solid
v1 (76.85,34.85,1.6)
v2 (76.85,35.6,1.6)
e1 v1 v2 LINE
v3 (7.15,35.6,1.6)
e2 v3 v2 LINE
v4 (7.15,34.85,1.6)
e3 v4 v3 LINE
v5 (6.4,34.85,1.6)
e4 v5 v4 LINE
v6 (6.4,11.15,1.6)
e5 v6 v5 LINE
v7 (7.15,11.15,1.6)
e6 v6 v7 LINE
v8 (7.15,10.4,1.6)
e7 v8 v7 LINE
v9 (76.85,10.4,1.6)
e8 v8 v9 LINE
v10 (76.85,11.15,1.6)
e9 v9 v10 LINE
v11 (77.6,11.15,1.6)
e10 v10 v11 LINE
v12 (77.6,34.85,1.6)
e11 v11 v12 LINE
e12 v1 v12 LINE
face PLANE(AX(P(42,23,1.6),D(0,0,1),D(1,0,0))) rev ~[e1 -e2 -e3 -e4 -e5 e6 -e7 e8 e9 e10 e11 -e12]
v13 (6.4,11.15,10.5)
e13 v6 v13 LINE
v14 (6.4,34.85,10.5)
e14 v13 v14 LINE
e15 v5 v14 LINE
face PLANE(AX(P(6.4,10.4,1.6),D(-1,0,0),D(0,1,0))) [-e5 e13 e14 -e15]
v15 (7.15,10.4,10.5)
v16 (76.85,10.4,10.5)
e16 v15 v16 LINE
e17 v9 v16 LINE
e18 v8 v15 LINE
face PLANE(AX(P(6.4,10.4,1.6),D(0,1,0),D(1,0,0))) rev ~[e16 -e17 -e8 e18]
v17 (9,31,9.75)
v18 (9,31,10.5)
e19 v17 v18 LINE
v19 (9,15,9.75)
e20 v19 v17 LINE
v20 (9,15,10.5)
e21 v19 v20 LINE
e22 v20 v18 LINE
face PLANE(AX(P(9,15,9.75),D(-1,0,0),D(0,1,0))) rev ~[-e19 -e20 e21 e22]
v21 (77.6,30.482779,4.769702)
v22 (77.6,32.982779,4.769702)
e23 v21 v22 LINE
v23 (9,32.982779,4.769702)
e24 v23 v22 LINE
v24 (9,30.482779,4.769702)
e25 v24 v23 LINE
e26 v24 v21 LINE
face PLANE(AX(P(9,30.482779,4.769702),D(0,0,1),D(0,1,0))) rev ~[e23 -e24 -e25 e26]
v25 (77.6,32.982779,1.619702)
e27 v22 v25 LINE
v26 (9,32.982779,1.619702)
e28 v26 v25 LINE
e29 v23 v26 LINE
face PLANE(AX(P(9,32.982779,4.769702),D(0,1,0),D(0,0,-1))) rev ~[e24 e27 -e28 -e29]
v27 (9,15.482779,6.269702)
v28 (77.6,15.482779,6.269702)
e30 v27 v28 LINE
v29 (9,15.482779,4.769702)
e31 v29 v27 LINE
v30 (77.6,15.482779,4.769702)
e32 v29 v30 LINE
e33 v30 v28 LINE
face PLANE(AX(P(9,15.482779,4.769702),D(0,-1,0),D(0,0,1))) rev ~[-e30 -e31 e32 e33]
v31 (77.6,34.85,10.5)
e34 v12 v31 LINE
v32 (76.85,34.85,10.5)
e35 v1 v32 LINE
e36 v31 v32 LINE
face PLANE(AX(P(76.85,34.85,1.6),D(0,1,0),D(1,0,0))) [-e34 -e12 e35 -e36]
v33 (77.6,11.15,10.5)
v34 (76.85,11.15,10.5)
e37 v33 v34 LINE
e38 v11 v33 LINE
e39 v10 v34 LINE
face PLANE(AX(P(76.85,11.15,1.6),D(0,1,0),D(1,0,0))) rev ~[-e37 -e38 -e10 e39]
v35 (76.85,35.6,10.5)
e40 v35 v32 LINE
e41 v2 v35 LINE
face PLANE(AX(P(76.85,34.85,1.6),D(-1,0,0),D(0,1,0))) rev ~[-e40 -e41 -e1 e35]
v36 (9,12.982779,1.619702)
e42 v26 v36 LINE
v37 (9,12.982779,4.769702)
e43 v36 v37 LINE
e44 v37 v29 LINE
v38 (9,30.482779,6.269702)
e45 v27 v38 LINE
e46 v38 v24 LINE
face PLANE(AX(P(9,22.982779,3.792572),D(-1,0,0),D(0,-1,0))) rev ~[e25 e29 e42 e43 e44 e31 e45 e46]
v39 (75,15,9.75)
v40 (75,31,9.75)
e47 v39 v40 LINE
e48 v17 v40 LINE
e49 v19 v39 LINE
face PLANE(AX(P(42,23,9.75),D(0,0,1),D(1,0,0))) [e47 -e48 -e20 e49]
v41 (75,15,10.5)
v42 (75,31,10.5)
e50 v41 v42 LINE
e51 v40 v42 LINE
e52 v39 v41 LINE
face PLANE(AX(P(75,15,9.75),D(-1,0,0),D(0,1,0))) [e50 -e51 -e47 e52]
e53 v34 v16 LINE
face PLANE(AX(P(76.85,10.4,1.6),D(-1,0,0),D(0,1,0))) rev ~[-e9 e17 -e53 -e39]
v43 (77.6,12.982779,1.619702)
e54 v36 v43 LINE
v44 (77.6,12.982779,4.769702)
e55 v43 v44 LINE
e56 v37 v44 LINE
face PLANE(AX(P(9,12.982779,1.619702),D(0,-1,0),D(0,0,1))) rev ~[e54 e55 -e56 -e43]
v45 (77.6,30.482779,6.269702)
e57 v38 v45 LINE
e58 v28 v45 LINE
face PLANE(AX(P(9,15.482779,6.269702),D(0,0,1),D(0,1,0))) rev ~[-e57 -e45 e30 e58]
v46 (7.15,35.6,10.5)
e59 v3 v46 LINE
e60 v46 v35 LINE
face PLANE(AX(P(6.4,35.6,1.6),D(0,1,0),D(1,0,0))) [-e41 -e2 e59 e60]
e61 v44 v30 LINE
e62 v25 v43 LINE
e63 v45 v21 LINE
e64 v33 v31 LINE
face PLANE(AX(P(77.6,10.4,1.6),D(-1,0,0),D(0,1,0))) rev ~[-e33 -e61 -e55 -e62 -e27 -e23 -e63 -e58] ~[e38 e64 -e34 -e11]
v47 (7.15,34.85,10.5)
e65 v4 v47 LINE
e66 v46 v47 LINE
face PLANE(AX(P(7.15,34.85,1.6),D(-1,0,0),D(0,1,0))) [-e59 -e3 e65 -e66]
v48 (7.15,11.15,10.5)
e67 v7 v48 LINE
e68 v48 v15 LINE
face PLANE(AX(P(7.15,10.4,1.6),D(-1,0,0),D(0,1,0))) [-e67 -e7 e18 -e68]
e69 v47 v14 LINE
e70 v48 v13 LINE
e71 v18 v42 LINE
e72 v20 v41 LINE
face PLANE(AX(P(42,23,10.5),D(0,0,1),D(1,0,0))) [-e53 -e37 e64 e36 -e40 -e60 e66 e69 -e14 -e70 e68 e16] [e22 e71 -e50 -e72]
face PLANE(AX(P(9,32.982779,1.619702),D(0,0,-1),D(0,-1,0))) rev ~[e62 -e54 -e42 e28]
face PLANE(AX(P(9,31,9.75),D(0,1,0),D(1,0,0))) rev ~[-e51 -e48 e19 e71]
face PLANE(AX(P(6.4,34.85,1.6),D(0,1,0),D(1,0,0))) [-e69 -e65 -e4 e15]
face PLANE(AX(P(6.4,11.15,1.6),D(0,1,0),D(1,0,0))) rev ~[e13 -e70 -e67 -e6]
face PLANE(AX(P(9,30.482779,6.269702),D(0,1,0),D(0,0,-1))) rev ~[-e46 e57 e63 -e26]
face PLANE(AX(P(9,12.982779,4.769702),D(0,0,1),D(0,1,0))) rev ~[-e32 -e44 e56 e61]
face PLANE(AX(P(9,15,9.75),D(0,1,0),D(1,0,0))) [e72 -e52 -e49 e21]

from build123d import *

# Parameters (mm, degrees)
PAD002_DEPTH     = 75
BOX011_W         = 66
BOX011_H         = 16
BOX011_DEPTH     = 0.75
BOX010_W         = 0.75
BOX010_H         = 0.75
BOX010_DEPTH     = 9
ARRAY007_X_COUNT = 2
ARRAY007_X_PITCH = 70.45
ARRAY007_Y_COUNT = 2
ARRAY007_Y_PITCH = 24.45
BOX009_W         = 71.2
BOX009_H         = 25.2
BOX009_DEPTH     = 8.9


with BuildPart() as screen_lateral_hole:
    # Sketch002 → Pad002 (new body)
    with BuildSketch(Plane.YZ):
        Polygon((12.982779, 1.619702), (12.982779, 4.769702), (15.482779, 4.769702), (15.482779, 6.269702), (30.482779, 6.269702), (30.482779, 4.769702), (32.982779, 4.769702), (32.982779, 1.619702), align=None)
    extrude(amount=PAD002_DEPTH)


with BuildPart() as screen_lateral_hole_1:
    # Body002 placement: moved
    add(screen_lateral_hole.part.moved(Location((9, 0, 0))))


with BuildPart() as screen:
    # Box011 → Box011 (new body)
    with BuildSketch(Plane(origin=(9, 15, 9.75), x_dir=(1, 0, 0), z_dir=(0, 0, 1))):
        with Locations((33, 8)):
            Rectangle(BOX011_W, BOX011_H)
    extrude(amount=BOX011_DEPTH)


with BuildPart() as empy_spaces:
    # Box010 → Box010 (new body)
    with BuildSketch(Plane(origin=(6.4, 10.4, 1.6), x_dir=(1, 0, 0), z_dir=(0, 0, 1))):
        with Locations((0.375, 0.375)):
            Rectangle(BOX010_W, BOX010_H)
    extrude(amount=BOX010_DEPTH)

    # Array007 X: Empy Spaces ×2


with BuildPart() as empy_spaces_1:
    add(empy_spaces.part)
    with Locations(*[(i * ARRAY007_X_PITCH, 0, 0) for i in range(1, ARRAY007_X_COUNT)]):
        add(empy_spaces.part)

    # Array007 Y: Empy Spaces ×2


with BuildPart() as empy_spaces_2:
    add(empy_spaces_1.part)
    with Locations(*[(0, i * ARRAY007_Y_PITCH, 0) for i in range(1, ARRAY007_Y_COUNT)]):
        add(empy_spaces_1.part)

    # Fusion002004: union Screen Lateral Hole, Screen
    add(screen_lateral_hole_1.part)
    add(screen.part)


with BuildPart() as panel:
    # Box009 → Box009 (new body)
    with BuildSketch(Plane(origin=(6.4, 10.4, 1.6), x_dir=(1, 0, 0), z_dir=(0, 0, 1))):
        with Locations((35.6, 12.6)):
            Rectangle(BOX009_W, BOX009_H)
    extrude(amount=BOX009_DEPTH)

    # Cut001: cut Empy Spaces
    add(empy_spaces_2.part, mode=Mode.SUBTRACT)


solid = panel.part
